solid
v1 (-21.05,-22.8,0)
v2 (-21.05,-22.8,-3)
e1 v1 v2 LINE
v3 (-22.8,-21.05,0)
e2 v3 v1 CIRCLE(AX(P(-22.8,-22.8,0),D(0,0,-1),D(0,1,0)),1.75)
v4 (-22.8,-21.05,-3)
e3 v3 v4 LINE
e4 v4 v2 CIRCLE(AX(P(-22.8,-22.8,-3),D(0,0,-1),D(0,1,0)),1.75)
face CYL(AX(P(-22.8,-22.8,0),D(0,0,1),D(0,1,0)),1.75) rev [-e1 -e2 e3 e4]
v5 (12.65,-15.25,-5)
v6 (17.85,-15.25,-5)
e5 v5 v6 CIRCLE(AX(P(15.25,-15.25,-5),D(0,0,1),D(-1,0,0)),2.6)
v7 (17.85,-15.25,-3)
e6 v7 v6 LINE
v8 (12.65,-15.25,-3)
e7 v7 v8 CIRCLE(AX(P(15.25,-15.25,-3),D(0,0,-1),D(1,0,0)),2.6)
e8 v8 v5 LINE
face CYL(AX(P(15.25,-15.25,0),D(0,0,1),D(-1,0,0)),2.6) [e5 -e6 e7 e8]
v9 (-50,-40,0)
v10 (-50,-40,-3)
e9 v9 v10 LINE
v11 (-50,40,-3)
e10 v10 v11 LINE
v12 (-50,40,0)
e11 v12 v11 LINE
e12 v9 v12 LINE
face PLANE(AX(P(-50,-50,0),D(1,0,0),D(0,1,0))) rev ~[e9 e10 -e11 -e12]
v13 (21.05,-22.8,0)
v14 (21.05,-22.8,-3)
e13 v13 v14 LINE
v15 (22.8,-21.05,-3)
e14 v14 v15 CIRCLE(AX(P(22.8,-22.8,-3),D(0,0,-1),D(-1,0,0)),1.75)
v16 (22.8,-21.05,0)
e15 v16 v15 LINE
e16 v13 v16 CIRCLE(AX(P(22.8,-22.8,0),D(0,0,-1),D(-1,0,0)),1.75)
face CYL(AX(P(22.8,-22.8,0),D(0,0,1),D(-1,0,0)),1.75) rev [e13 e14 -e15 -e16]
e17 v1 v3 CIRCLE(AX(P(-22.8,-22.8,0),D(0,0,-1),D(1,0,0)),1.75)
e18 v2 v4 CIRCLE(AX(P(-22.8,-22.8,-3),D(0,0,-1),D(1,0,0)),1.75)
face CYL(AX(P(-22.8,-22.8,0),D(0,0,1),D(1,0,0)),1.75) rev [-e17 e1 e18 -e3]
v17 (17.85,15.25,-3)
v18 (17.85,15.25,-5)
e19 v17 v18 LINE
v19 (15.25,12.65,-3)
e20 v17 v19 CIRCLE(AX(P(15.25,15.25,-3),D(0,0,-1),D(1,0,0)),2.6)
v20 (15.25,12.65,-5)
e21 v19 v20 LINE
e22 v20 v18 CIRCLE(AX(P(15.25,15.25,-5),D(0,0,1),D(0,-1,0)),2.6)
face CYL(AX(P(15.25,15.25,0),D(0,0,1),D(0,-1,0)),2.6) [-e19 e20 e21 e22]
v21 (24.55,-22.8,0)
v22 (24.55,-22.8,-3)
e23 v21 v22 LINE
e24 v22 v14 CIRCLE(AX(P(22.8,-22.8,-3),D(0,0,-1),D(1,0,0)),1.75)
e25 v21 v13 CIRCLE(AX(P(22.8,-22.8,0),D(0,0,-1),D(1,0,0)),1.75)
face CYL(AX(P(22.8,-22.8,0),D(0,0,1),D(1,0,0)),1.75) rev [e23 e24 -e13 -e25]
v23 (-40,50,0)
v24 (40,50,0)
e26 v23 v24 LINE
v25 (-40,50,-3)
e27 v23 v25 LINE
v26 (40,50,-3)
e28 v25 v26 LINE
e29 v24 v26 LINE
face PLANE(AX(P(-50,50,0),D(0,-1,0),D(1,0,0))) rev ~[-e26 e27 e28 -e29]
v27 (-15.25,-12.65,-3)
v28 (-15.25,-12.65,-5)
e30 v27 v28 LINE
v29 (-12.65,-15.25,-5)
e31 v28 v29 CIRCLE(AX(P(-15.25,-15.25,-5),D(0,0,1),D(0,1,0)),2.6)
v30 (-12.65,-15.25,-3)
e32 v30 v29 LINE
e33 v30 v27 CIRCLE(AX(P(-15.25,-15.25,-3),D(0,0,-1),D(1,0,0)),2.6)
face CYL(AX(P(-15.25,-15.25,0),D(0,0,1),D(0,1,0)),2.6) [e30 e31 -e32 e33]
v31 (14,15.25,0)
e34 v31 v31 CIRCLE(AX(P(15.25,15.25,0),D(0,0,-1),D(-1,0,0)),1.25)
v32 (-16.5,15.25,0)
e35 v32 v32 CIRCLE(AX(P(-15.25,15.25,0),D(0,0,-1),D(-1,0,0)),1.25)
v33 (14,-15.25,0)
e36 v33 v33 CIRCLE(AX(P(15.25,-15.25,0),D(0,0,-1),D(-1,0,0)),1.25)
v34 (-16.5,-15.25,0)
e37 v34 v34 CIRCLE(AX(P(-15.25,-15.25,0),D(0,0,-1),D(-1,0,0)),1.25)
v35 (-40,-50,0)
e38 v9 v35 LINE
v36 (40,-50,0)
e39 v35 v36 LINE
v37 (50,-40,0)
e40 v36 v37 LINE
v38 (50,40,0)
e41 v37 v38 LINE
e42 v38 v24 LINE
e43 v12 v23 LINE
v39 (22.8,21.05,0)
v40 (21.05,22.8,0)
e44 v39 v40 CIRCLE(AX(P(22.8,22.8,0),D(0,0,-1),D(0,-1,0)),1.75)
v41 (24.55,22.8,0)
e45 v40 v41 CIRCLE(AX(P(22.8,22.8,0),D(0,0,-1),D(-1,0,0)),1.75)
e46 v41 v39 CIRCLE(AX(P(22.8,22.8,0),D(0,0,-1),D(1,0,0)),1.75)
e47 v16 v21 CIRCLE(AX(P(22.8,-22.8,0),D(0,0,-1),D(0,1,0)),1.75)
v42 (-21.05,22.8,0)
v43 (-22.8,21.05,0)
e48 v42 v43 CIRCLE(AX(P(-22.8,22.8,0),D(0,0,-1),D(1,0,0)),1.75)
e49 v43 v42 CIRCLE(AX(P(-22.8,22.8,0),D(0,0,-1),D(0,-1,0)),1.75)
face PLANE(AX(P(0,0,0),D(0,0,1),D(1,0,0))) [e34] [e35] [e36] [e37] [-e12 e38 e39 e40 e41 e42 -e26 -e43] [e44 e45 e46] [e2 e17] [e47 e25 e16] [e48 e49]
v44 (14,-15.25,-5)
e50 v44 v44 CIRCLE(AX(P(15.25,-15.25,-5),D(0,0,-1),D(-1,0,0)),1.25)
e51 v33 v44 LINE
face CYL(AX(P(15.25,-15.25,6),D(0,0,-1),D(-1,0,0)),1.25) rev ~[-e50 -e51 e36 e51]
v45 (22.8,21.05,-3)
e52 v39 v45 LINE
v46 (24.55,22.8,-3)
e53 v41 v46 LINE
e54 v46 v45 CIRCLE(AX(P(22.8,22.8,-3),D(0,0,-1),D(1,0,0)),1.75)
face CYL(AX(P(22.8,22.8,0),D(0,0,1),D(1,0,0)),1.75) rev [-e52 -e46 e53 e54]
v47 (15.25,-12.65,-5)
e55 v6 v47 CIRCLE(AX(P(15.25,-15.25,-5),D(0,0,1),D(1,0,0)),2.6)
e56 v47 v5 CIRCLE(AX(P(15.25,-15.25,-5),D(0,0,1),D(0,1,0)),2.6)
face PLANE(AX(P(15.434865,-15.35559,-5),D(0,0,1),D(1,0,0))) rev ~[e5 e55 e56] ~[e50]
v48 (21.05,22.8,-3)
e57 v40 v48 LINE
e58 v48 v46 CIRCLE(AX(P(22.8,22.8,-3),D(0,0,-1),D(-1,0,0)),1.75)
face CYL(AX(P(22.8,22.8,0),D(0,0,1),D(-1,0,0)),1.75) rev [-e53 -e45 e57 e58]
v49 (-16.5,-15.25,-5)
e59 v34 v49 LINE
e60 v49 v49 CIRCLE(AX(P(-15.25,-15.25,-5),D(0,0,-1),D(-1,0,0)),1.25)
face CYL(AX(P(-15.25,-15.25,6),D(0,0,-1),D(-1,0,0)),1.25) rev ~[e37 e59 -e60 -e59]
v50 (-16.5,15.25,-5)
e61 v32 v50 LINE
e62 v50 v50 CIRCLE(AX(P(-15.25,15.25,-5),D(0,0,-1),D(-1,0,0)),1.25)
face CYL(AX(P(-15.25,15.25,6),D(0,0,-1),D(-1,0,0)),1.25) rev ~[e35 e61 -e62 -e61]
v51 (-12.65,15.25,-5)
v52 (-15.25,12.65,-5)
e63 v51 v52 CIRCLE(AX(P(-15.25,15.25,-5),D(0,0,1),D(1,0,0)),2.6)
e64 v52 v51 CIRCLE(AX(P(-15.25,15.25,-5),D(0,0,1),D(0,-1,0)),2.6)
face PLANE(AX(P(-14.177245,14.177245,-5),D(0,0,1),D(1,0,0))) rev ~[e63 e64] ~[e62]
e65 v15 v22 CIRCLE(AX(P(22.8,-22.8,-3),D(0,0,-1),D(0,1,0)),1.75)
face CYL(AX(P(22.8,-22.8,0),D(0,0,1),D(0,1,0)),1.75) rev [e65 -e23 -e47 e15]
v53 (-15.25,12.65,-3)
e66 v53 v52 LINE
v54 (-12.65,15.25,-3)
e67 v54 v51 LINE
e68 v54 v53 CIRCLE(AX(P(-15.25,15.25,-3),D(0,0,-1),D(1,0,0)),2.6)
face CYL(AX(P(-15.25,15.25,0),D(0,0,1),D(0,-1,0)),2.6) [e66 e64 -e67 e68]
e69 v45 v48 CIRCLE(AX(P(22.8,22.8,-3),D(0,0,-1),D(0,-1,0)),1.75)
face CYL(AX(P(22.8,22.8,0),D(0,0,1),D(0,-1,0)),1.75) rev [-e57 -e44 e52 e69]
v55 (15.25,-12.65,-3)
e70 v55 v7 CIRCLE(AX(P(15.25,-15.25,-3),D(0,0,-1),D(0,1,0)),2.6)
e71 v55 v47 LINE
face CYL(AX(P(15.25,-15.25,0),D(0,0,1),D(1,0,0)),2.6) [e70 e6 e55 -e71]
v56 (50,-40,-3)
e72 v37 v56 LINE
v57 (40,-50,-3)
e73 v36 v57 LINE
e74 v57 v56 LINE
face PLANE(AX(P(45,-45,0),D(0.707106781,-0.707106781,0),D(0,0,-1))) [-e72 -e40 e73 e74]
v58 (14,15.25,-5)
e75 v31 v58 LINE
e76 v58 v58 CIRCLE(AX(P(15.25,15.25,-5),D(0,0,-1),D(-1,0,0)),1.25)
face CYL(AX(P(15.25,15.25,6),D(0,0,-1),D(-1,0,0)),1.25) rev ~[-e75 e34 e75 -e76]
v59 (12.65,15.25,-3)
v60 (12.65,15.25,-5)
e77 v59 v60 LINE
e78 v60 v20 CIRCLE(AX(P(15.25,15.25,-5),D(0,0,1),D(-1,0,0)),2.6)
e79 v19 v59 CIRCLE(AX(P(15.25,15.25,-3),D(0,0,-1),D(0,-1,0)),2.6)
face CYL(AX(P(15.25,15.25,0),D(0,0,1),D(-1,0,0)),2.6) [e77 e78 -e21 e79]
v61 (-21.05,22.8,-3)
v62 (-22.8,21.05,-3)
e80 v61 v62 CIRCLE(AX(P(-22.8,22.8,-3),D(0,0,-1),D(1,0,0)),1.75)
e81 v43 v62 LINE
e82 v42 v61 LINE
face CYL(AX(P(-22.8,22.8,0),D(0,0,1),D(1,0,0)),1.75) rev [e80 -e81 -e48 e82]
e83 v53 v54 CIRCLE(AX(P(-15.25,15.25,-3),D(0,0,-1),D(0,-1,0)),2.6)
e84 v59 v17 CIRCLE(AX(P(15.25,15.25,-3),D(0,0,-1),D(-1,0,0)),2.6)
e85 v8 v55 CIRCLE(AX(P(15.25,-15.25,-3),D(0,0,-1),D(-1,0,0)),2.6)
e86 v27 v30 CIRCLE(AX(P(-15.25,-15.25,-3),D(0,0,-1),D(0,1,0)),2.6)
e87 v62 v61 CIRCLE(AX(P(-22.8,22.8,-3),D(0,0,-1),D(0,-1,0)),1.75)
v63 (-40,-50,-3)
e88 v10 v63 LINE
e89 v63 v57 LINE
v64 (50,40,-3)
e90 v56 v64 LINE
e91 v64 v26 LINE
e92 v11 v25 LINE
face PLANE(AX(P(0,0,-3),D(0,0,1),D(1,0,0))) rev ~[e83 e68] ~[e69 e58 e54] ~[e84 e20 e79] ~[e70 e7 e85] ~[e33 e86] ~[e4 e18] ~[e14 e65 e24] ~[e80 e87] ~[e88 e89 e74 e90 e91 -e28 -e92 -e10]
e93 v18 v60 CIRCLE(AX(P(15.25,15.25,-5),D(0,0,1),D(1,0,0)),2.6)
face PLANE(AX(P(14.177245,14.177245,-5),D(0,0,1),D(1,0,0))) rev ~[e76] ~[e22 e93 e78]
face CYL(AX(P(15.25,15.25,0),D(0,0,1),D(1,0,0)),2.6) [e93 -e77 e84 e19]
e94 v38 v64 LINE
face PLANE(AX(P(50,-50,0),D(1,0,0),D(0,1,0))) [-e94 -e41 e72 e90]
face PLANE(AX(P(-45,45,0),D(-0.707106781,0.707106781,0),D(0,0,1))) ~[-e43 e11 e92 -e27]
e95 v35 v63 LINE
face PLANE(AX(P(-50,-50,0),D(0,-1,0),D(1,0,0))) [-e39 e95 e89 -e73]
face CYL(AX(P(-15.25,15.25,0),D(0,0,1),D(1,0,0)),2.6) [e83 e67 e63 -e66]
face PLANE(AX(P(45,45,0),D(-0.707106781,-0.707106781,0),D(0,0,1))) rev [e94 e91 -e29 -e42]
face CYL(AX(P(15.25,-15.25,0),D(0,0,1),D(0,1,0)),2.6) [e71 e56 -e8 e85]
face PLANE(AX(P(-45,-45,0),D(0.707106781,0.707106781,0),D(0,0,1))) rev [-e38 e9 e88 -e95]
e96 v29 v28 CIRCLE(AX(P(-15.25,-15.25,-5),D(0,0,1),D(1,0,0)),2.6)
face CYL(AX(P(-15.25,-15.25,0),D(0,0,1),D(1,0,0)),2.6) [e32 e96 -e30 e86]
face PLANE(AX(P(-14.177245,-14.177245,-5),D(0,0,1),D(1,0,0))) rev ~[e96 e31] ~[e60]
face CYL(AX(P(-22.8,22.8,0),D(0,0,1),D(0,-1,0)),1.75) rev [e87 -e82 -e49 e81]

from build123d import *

# Parameters (mm, degrees)
F0_W     = 100
F0_H     = 100
F1_DEPTH = 3
F2_DEPTH = 5
F3_D     = 2.5
F3_DEPTH = 6
F3_TIP   = 0.7510757738
F4_SIZE  = 10


with BuildPart() as f1:
    # F0 (on Top) → F1 (new body)
    with BuildSketch(Plane.XY):
        Rectangle(F0_W, F0_H)
        with BuildLine():
            Line((21.05, -22.8), (-21.05, -22.8))
            ThreePointArc((-21.05, -22.8), (-24.0374368671, -24.0374368671), (-22.8, -21.05))
            Line((-22.8, -21.05), (-22.8, 21.05))
            ThreePointArc((-22.8, 21.05), (-24.0374368671, 24.0374368671), (-21.05, 22.8))
            Line((-21.05, 22.8), (21.05, 22.8))
            ThreePointArc((21.05, 22.8), (22.8, 24.55), (24.55, 22.8))
            ThreePointArc((24.55, 22.8), (24.0374368671, 21.5625631329), (22.8, 21.05))
            Line((22.8, 21.05), (22.8, -21.05))
            ThreePointArc((22.8, -21.05), (24.0374368671, -21.5625631329), (24.55, -22.8))
            ThreePointArc((24.55, -22.8), (22.8, -24.55), (21.05, -22.8))
        make_face(mode=Mode.SUBTRACT)
        with BuildLine():
            ThreePointArc((-22.8, -21.05), (-21.5625631329, -21.5625631329), (-21.05, -22.8))
            Line((-21.05, -22.8), (21.05, -22.8))
            ThreePointArc((21.05, -22.8), (21.5625631329, -21.5625631329), (22.8, -21.05))
            Line((22.8, -21.05), (22.8, 21.05))
            ThreePointArc((22.8, 21.05), (21.5625631329, 21.5625631329), (21.05, 22.8))
            Line((21.05, 22.8), (-21.05, 22.8))
            ThreePointArc((-21.05, 22.8), (-21.5625631329, 21.5625631329), (-22.8, 21.05))
            Line((-22.8, 21.05), (-22.8, -21.05))
        make_face()
        with BuildLine():
            Line((12.65, -15.25), (-12.65, -15.25))
            ThreePointArc((-12.65, -15.25), (-17.0884776311, -17.0884776311), (-15.25, -12.65))
            Line((-15.25, -12.65), (-15.25, 12.65))
            ThreePointArc((-15.25, 12.65), (-17.0884776311, 17.0884776311), (-12.65, 15.25))
            Line((-12.65, 15.25), (12.65, 15.25))
            ThreePointArc((12.65, 15.25), (15.25, 17.85), (17.85, 15.25))
            ThreePointArc((17.85, 15.25), (17.0884776311, 13.4115223689), (15.25, 12.65))
            Line((15.25, 12.65), (15.25, -12.65))
            ThreePointArc((15.25, -12.65), (17.0884776311, -13.4115223689), (17.85, -15.25))
            ThreePointArc((17.85, -15.25), (15.25, -17.85), (12.65, -15.25))
        make_face(mode=Mode.SUBTRACT)
        with BuildLine():
            ThreePointArc((-15.25, -12.65), (-13.4115223689, -13.4115223689), (-12.65, -15.25))
            Line((-12.65, -15.25), (12.65, -15.25))
            ThreePointArc((12.65, -15.25), (13.4115223689, -13.4115223689), (15.25, -12.65))
            Line((15.25, -12.65), (15.25, 12.65))
            ThreePointArc((15.25, 12.65), (13.4115223689, 13.4115223689), (12.65, 15.25))
            Line((12.65, 15.25), (-12.65, 15.25))
            ThreePointArc((-12.65, 15.25), (-13.4115223689, 13.4115223689), (-15.25, 12.65))
            Line((-15.25, 12.65), (-15.25, -12.65))
        make_face()
    extrude(amount=-F1_DEPTH)

    # F0 (on Top) → F2 (join)
    with BuildSketch(Plane.XY):
        with BuildLine():
            Line((-15.25, -15.25), (-12.65, -15.25))
            ThreePointArc((-12.65, -15.25), (-13.4115223689, -13.4115223689), (-15.25, -12.65))
            Line((-15.25, -12.65), (-15.25, -15.25))
        make_face()
        with BuildLine():
            ThreePointArc((-15.25, -12.65), (-17.0884776311, -17.0884776311), (-12.65, -15.25))
            Line((-12.65, -15.25), (-15.25, -15.25))
            Line((-15.25, -15.25), (-15.25, -12.65))
        make_face()
        with BuildLine():
            Line((15.25, -15.25), (12.65, -15.25))
            ThreePointArc((12.65, -15.25), (15.25, -17.85), (17.85, -15.25))
            ThreePointArc((17.85, -15.25), (17.0884776311, -13.4115223689), (15.25, -12.65))
            Line((15.25, -12.65), (15.25, -15.25))
        make_face()
        with BuildLine():
            ThreePointArc((15.25, -12.65), (13.4115223689, -13.4115223689), (12.65, -15.25))
            Line((12.65, -15.25), (15.25, -15.25))
            Line((15.25, -15.25), (15.25, -12.65))
        make_face()
        with BuildLine():
            Line((-15.25, 15.25), (-15.25, 12.65))
            ThreePointArc((-15.25, 12.65), (-13.4115223689, 13.4115223689), (-12.65, 15.25))
            Line((-12.65, 15.25), (-15.25, 15.25))
        make_face()
        with BuildLine():
            ThreePointArc((-12.65, 15.25), (-17.0884776311, 17.0884776311), (-15.25, 12.65))
            Line((-15.25, 12.65), (-15.25, 15.25))
            Line((-15.25, 15.25), (-12.65, 15.25))
        make_face()
        with BuildLine():
            ThreePointArc((12.65, 15.25), (13.4115223689, 13.4115223689), (15.25, 12.65))
            Line((15.25, 12.65), (15.25, 15.25))
            Line((15.25, 15.25), (12.65, 15.25))
        make_face()
        with BuildLine():
            Line((15.25, 15.25), (15.25, 12.65))
            ThreePointArc((15.25, 12.65), (17.0884776311, 13.4115223689), (17.85, 15.25))
            ThreePointArc((17.85, 15.25), (15.25, 17.85), (12.65, 15.25))
            Line((12.65, 15.25), (15.25, 15.25))
        make_face()
    extrude(amount=-F2_DEPTH)

    # F3
    with Locations(Plane.XY):
        with Locations((-15.25, -15.25), (-15.25, 15.25), (15.25, 15.25), (15.25, -15.25)):
            Hole(F3_D / 2, depth=F3_DEPTH)
            with Locations((0, 0, -(F3_DEPTH + F3_TIP / 2))):  # 118° drill point
                Cone(0, F3_D / 2, F3_TIP, mode=Mode.SUBTRACT)

    # F4
    f4_edges = [f1.edges().sort_by_distance(p)[0] for p in [
        (-50, 50, -1.5),
        (50, 50, -1.5),
        (50, -50, -1.5),
        (-50, -50, -1.5),
    ]]
    chamfer(f4_edges, length=F4_SIZE)


solid = f1.part
